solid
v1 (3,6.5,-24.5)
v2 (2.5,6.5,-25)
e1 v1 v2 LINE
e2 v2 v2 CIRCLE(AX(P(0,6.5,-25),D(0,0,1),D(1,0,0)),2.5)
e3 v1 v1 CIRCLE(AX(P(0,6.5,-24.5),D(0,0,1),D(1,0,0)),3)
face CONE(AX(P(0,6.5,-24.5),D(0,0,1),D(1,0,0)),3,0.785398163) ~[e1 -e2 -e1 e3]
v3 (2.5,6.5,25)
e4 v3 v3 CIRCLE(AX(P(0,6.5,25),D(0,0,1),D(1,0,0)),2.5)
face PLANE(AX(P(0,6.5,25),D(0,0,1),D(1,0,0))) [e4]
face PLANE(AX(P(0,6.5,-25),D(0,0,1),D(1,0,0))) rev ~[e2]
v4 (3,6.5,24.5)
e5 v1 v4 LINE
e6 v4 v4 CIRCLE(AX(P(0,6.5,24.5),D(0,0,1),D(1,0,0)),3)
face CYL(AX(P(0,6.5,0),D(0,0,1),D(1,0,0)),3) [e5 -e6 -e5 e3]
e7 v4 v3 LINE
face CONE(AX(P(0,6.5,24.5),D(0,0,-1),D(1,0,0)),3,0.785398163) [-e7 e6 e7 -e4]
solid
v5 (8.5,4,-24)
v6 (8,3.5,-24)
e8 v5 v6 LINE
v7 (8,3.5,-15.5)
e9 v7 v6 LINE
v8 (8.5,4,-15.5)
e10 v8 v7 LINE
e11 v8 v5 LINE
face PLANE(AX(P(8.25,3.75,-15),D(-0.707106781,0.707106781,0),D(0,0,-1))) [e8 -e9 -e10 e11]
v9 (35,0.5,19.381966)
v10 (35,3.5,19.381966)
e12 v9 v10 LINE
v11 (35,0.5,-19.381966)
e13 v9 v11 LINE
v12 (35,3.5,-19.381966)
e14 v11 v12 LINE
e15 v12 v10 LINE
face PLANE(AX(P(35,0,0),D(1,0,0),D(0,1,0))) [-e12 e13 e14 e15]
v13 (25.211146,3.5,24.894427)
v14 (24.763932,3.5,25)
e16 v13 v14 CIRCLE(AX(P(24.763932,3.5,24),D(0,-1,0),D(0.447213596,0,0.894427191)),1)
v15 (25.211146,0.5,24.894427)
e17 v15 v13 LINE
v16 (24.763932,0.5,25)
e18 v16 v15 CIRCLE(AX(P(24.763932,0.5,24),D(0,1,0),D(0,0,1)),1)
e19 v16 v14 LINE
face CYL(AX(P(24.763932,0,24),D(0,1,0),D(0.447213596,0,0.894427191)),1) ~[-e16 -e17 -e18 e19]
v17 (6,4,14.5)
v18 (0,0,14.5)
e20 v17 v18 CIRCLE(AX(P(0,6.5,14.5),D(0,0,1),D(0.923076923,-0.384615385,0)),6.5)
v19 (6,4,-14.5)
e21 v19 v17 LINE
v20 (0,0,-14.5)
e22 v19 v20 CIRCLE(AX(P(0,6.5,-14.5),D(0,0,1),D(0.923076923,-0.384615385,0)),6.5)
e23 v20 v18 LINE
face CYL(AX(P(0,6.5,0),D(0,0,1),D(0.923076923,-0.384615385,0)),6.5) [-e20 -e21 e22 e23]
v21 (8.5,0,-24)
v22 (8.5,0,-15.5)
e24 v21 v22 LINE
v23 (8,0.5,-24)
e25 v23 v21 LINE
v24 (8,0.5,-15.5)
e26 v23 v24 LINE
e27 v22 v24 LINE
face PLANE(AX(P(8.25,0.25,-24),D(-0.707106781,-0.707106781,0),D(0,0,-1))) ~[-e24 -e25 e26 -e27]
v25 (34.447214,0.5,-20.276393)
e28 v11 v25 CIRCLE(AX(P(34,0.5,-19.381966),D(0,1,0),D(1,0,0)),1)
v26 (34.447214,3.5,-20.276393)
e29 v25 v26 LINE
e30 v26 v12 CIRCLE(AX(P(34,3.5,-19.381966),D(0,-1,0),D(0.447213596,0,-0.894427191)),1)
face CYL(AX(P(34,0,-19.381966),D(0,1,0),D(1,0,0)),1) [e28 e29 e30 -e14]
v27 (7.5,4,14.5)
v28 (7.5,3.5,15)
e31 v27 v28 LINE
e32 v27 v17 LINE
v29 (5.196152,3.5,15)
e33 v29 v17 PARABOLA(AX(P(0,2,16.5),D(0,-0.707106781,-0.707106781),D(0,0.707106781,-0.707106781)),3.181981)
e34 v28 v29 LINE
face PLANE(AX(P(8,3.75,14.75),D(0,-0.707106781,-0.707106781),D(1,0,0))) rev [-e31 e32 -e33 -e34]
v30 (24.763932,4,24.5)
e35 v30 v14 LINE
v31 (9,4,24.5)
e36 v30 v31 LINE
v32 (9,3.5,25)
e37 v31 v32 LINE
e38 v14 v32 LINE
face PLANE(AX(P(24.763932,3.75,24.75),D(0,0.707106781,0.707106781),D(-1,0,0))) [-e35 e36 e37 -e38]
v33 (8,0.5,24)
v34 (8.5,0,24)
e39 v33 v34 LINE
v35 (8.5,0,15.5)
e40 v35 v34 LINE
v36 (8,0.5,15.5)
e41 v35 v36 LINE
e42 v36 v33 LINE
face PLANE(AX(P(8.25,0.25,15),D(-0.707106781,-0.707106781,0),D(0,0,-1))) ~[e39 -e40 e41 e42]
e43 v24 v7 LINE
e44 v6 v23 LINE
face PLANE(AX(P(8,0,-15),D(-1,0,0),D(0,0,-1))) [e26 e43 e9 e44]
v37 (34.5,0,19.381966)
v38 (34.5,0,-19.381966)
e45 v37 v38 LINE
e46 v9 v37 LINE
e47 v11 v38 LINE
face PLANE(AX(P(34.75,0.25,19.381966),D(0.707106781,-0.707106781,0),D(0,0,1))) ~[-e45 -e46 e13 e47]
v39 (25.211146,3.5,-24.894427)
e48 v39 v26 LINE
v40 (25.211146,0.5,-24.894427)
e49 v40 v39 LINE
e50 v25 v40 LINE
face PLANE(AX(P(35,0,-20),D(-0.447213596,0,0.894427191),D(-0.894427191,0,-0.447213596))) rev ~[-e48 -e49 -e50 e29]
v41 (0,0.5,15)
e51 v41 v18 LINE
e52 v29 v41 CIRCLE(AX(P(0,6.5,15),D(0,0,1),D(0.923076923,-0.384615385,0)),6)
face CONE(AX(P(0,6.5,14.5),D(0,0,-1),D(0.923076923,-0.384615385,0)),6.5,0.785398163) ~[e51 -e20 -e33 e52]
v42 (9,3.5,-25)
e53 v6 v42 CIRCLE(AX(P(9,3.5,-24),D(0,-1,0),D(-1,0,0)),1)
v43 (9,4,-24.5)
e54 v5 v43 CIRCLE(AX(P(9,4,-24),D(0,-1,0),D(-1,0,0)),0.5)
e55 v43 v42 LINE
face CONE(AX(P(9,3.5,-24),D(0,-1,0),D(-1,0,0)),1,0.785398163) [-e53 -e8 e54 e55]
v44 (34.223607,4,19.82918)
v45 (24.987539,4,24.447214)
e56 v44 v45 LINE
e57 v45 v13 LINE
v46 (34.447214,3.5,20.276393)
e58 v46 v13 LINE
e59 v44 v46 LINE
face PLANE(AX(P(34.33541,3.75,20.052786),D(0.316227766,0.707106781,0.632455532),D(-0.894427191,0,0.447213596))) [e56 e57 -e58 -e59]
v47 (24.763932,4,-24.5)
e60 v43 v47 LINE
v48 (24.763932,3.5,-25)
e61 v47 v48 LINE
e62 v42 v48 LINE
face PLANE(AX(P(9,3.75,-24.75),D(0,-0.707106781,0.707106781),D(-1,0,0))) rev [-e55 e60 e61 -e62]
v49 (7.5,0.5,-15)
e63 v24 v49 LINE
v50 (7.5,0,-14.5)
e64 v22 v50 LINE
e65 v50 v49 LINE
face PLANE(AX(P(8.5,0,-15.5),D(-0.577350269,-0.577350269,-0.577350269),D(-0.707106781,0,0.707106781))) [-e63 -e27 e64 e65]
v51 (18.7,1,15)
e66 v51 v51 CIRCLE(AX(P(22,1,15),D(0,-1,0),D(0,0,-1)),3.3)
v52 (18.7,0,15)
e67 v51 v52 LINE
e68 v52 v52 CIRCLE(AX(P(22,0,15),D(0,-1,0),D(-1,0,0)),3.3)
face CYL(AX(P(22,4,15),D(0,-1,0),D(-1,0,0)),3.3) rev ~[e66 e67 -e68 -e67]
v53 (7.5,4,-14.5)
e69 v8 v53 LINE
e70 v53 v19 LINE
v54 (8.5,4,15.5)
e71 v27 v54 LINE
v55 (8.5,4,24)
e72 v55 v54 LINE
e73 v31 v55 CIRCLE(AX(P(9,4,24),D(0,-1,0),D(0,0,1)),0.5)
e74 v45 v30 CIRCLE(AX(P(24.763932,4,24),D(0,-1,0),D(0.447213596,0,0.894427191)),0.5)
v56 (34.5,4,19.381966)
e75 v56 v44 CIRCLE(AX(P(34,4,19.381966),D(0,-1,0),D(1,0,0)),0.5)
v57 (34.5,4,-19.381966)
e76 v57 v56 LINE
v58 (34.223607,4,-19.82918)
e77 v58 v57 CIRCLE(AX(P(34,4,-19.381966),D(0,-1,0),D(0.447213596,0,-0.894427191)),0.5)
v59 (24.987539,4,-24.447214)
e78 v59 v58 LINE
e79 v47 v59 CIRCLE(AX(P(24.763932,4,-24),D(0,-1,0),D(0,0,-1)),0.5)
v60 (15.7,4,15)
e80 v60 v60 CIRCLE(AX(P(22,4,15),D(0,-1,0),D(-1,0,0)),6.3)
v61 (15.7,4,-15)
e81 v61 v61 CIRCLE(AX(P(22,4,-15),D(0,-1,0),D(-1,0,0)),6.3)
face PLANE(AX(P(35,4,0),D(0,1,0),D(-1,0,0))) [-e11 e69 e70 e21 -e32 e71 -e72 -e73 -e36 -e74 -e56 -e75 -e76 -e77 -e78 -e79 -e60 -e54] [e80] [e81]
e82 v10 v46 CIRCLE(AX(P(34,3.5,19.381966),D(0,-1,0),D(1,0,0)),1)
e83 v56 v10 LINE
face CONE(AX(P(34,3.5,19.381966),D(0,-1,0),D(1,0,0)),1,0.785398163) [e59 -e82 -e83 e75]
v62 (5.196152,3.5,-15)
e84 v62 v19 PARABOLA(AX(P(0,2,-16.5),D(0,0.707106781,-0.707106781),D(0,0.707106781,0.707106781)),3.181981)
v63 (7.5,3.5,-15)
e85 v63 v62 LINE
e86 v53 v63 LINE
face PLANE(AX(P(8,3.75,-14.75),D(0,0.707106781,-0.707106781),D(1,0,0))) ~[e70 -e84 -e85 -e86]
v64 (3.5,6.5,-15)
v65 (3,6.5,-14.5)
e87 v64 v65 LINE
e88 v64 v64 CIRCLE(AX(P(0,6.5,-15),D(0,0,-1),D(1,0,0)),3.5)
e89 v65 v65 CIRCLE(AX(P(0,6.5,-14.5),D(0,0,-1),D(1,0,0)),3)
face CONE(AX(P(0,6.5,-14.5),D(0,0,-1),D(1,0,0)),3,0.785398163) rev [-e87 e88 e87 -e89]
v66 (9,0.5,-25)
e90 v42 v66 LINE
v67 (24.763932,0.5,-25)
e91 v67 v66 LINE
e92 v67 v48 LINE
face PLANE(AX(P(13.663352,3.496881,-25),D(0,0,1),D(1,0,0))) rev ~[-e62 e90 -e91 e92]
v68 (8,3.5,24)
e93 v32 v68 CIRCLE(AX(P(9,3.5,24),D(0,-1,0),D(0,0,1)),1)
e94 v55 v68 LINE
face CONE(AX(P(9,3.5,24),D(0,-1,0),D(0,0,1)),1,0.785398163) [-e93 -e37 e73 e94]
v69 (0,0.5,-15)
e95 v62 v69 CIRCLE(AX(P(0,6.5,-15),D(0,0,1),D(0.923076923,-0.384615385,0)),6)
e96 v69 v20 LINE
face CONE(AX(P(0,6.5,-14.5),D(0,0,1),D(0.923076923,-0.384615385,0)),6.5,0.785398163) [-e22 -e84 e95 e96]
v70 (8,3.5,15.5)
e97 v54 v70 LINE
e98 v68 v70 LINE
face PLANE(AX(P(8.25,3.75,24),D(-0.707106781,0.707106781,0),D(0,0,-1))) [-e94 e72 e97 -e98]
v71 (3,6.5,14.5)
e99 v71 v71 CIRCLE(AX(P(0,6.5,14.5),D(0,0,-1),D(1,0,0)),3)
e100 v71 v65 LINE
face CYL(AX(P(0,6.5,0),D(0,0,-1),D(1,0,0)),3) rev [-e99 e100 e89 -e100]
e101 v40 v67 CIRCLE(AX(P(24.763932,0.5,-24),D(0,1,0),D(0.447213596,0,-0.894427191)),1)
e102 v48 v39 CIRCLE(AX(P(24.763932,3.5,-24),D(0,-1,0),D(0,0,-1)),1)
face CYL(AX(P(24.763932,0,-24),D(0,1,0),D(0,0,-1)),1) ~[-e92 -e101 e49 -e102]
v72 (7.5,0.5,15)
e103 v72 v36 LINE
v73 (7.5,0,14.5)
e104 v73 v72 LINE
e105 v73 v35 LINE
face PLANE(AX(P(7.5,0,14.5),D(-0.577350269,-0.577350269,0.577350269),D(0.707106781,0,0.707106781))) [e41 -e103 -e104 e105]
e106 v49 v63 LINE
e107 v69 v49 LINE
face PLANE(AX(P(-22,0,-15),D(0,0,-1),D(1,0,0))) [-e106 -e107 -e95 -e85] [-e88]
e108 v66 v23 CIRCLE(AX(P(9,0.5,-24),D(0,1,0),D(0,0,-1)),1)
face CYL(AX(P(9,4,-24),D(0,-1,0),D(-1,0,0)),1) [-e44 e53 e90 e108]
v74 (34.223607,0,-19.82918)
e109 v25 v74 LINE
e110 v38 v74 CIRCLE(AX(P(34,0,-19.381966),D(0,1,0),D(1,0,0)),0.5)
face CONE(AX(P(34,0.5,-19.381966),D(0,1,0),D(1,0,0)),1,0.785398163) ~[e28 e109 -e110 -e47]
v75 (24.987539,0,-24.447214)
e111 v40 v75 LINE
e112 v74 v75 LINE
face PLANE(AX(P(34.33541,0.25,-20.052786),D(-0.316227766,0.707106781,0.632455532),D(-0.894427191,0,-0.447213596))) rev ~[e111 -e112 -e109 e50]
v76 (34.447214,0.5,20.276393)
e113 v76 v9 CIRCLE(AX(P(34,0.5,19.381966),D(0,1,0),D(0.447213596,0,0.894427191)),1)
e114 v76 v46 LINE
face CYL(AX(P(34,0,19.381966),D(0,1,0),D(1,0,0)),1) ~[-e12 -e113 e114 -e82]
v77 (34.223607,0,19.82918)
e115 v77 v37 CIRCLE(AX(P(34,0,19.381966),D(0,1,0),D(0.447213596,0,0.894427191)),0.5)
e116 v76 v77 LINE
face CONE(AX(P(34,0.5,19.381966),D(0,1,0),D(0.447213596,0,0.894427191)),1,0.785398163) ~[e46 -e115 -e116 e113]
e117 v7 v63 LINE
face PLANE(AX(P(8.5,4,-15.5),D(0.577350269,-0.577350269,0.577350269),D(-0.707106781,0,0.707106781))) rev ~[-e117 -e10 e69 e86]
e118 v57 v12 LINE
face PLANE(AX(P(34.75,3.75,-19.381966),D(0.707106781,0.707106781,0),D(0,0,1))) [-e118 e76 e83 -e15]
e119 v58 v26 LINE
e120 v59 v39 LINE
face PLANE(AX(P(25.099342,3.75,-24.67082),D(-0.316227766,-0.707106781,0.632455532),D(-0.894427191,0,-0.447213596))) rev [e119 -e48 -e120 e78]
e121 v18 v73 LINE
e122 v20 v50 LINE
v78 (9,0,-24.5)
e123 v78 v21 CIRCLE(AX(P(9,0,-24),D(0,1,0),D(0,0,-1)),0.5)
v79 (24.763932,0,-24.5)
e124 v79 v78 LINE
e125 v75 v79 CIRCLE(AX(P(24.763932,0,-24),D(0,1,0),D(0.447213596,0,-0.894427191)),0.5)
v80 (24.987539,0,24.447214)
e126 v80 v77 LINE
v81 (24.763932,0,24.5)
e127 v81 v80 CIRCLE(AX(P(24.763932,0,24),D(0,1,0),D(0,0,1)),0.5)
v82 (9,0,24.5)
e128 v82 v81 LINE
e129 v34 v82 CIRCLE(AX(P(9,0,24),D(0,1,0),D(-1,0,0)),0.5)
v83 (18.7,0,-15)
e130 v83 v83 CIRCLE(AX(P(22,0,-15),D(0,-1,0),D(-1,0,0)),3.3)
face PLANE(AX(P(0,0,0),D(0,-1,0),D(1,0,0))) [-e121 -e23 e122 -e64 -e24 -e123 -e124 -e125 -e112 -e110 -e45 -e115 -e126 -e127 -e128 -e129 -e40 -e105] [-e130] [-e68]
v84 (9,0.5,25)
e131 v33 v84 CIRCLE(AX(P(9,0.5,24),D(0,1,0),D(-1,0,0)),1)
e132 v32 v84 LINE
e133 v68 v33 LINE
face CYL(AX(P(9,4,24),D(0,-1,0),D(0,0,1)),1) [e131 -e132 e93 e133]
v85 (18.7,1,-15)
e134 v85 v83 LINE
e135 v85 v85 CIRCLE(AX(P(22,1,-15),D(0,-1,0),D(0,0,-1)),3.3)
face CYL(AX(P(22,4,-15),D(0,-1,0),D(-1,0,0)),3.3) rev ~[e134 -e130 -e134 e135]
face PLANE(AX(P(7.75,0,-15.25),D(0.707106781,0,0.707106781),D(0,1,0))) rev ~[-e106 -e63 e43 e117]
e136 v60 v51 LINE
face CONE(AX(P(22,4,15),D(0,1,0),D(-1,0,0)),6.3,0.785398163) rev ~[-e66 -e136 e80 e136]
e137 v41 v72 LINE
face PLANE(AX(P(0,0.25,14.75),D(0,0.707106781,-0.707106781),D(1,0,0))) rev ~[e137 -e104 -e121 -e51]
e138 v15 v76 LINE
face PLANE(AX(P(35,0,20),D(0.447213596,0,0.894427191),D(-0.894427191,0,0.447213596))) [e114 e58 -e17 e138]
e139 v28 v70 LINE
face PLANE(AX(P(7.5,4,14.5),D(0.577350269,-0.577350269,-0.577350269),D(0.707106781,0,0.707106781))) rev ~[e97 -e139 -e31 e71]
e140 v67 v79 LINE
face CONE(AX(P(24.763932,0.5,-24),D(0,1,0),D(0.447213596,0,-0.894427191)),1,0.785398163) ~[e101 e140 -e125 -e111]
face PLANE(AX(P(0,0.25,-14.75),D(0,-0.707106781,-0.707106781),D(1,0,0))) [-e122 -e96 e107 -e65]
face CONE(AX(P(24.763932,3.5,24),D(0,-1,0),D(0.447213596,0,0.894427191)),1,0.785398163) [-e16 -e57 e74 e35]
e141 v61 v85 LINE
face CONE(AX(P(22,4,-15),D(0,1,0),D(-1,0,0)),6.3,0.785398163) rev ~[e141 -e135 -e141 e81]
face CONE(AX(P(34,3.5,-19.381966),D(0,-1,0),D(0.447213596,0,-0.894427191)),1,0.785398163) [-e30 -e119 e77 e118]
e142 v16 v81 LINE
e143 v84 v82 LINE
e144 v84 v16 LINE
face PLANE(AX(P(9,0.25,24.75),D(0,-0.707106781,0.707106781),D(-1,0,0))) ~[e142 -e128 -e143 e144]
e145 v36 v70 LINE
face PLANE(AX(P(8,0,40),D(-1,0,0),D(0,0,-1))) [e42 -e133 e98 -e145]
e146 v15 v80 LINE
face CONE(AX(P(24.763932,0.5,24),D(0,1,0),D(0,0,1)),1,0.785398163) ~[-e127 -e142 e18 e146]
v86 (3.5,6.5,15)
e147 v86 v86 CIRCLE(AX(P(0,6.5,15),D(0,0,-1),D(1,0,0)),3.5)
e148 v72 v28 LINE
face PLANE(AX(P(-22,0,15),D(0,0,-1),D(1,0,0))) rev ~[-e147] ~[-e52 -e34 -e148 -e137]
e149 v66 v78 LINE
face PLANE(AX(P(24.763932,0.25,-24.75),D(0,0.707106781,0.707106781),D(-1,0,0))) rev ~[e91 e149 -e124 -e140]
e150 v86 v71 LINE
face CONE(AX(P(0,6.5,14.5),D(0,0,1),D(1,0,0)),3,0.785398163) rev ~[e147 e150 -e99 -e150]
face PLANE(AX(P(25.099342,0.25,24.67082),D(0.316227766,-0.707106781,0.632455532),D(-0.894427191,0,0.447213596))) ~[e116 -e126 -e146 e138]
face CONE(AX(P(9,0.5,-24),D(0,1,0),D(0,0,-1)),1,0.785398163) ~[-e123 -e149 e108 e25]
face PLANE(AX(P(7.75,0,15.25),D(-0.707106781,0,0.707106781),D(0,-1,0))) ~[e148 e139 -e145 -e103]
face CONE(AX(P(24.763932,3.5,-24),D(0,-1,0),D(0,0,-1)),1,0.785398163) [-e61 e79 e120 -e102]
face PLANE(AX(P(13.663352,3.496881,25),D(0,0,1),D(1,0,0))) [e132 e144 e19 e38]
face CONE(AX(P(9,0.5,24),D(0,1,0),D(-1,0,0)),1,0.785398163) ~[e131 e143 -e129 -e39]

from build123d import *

# Parameters (mm, degrees)
SKETCH2_R                                       = 3
BOSS_EXTRUDE1_DEPTH                             = 25
SKETCH3_W                                       = 30
SKETCH3_H                                       = 25
CUT_EXTRUDE1_DEPTH                              = 45.933283877
CSK_FOR_M6_FLAT_HEAD_MACHINE_SCREW1_D           = 6.6
CSK_FOR_M6_FLAT_HEAD_MACHINE_SCREW1_DEPTH       = 38.017159957
CSK_FOR_M6_FLAT_HEAD_MACHINE_SCREW1_CSINK_D     = 12.6
CSK_FOR_M6_FLAT_HEAD_MACHINE_SCREW1_CSINK_ANGLE = 90
CSK_FOR_M6_FLAT_HEAD_MACHINE_SCREW1_TIP         = 1.982840043
FILLET1_R                                       = 1
CHAMFER1_SIZE                                   = 0.5
SKETCH6_R                                       = 3
BOSS_EXTRUDE2_DEPTH                             = 25
CHAMFER2_SIZE                                   = 0.5


with BuildPart() as part:
    # Sketch2 → Boss-Extrude1 (new, symmetric)
    with BuildSketch(Plane.XY):
        with BuildLine():
            Line((35, 4), (6, 4))
            ThreePointArc((6, 4), (-3.605551275, 11.908326913), (0, 0))
            Line((0, 0), (35, 0))
            Line((35, 0), (35, 4))
        make_face()
        with Locations((0, 6.5)):
            Circle(SKETCH2_R, mode=Mode.SUBTRACT)
    extrude(amount=BOSS_EXTRUDE1_DEPTH, both=True)

    # Sketch3 → Cut-Extrude1 (cut, through all)
    with BuildSketch(Plane(origin=(0, 0, 0), x_dir=(1, 0, 0), z_dir=(0, 1, 0))):
        with Locations((-7, 27.5)):
            Rectangle(SKETCH3_W, SKETCH3_H)
        with Locations((-7, -27.5)):
            Rectangle(SKETCH3_W, SKETCH3_H)
        Polygon((35, 20), (25, 25), (35, 25), align=None)
        Polygon((35, -25), (35, -20), (25, -25), align=None)
    extrude(amount=CUT_EXTRUDE1_DEPTH, mode=Mode.SUBTRACT)

    # CSK for M6 Flat Head Machine Screw1
    with Locations(Plane(origin=(0, 4, 0), x_dir=(1, 0, 0), z_dir=(0, 1, 0))):
        with Locations((22, 15), (22, -15)):
            CounterSinkHole(CSK_FOR_M6_FLAT_HEAD_MACHINE_SCREW1_D / 2, CSK_FOR_M6_FLAT_HEAD_MACHINE_SCREW1_CSINK_D / 2, depth=CSK_FOR_M6_FLAT_HEAD_MACHINE_SCREW1_DEPTH, counter_sink_angle=CSK_FOR_M6_FLAT_HEAD_MACHINE_SCREW1_CSINK_ANGLE)
            with Locations((0, 0, -(CSK_FOR_M6_FLAT_HEAD_MACHINE_SCREW1_DEPTH + CSK_FOR_M6_FLAT_HEAD_MACHINE_SCREW1_TIP / 2))):  # 118° drill point
                Cone(0, CSK_FOR_M6_FLAT_HEAD_MACHINE_SCREW1_D / 2, CSK_FOR_M6_FLAT_HEAD_MACHINE_SCREW1_TIP, mode=Mode.SUBTRACT)

    # Fillet1
    fillet1_edges = [part.edges().sort_by_distance(p)[0] for p in [
        (8, 2, -25),
        (25, 2, -25),
        (25, 2, 25),
        (8, 2, 25),
        (35, 2, -20),
        (35, 2, 20),
    ]]
    fillet(fillet1_edges, radius=FILLET1_R)

    # Chamfer1
    chamfer1_edges = [part.edges().sort_by_distance(p)[0] for p in [
        (29.829179607, 4, -22.585410197),
        (29.829179607, 0, -22.585410197),
        (8, 4, 19.5),
        (16.881966011, 4, 25),
        (29.829179607, 4, 22.585410197),
        (35, 4, 0),
        (16.881966011, 4, -25),
        (8.292893219, 4, -24.707106781),
        (8.292893219, 4, 24.707106781),
        (24.993684943, 4, 24.973248989),
        (34.850650808, 4, 19.907697123),
        (34.850650808, 4, -19.907697123),
        (24.993684943, 4, -24.973248989),
        (16.881966011, 0, -25),
        (8, 0, 19.5),
        (35, 0, 0),
        (29.829179607, 0, 22.585410197),
        (16.881966011, 0, 25),
        (8.292893219, 0, -24.707106781),
        (8.292893219, 0, 24.707106781),
        (24.993684943, 0, 24.973248989),
        (34.850650808, 0, 19.907697123),
        (34.850650808, 0, -19.907697123),
        (24.993684943, 0, -24.973248989),
        (-3, 6.5, 15),
        (8, 2, 15),
        (4, 0, 15),
        (7, 4, 15),
        (-3.605551275, 11.908326913, 15),
        (-3, 6.5, -15),
        (4, 0, -15),
        (-3.605551275, 11.908326913, -15),
        (7, 4, -15),
        (8, 2, -15),
        (8, 0, -19.5),
        (8, 4, -19.5),
    ]]
    chamfer(chamfer1_edges, length=CHAMFER1_SIZE)


with BuildPart() as body_2:
    # Sketch6 → Boss-Extrude2 (new, symmetric)
    with BuildSketch(Plane.XY):
        with Locations((0, 6.5)):
            Circle(SKETCH6_R)
    extrude(amount=BOSS_EXTRUDE2_DEPTH, both=True)

    # Chamfer2
    chamfer2_edges = [body_2.edges().sort_by_distance(p)[0] for p in [
        (-3, 6.5, -25),
        (-3, 6.5, 25),
    ]]
    chamfer(chamfer2_edges, length=CHAMFER2_SIZE)


solid = Compound([part.part, body_2.part])
